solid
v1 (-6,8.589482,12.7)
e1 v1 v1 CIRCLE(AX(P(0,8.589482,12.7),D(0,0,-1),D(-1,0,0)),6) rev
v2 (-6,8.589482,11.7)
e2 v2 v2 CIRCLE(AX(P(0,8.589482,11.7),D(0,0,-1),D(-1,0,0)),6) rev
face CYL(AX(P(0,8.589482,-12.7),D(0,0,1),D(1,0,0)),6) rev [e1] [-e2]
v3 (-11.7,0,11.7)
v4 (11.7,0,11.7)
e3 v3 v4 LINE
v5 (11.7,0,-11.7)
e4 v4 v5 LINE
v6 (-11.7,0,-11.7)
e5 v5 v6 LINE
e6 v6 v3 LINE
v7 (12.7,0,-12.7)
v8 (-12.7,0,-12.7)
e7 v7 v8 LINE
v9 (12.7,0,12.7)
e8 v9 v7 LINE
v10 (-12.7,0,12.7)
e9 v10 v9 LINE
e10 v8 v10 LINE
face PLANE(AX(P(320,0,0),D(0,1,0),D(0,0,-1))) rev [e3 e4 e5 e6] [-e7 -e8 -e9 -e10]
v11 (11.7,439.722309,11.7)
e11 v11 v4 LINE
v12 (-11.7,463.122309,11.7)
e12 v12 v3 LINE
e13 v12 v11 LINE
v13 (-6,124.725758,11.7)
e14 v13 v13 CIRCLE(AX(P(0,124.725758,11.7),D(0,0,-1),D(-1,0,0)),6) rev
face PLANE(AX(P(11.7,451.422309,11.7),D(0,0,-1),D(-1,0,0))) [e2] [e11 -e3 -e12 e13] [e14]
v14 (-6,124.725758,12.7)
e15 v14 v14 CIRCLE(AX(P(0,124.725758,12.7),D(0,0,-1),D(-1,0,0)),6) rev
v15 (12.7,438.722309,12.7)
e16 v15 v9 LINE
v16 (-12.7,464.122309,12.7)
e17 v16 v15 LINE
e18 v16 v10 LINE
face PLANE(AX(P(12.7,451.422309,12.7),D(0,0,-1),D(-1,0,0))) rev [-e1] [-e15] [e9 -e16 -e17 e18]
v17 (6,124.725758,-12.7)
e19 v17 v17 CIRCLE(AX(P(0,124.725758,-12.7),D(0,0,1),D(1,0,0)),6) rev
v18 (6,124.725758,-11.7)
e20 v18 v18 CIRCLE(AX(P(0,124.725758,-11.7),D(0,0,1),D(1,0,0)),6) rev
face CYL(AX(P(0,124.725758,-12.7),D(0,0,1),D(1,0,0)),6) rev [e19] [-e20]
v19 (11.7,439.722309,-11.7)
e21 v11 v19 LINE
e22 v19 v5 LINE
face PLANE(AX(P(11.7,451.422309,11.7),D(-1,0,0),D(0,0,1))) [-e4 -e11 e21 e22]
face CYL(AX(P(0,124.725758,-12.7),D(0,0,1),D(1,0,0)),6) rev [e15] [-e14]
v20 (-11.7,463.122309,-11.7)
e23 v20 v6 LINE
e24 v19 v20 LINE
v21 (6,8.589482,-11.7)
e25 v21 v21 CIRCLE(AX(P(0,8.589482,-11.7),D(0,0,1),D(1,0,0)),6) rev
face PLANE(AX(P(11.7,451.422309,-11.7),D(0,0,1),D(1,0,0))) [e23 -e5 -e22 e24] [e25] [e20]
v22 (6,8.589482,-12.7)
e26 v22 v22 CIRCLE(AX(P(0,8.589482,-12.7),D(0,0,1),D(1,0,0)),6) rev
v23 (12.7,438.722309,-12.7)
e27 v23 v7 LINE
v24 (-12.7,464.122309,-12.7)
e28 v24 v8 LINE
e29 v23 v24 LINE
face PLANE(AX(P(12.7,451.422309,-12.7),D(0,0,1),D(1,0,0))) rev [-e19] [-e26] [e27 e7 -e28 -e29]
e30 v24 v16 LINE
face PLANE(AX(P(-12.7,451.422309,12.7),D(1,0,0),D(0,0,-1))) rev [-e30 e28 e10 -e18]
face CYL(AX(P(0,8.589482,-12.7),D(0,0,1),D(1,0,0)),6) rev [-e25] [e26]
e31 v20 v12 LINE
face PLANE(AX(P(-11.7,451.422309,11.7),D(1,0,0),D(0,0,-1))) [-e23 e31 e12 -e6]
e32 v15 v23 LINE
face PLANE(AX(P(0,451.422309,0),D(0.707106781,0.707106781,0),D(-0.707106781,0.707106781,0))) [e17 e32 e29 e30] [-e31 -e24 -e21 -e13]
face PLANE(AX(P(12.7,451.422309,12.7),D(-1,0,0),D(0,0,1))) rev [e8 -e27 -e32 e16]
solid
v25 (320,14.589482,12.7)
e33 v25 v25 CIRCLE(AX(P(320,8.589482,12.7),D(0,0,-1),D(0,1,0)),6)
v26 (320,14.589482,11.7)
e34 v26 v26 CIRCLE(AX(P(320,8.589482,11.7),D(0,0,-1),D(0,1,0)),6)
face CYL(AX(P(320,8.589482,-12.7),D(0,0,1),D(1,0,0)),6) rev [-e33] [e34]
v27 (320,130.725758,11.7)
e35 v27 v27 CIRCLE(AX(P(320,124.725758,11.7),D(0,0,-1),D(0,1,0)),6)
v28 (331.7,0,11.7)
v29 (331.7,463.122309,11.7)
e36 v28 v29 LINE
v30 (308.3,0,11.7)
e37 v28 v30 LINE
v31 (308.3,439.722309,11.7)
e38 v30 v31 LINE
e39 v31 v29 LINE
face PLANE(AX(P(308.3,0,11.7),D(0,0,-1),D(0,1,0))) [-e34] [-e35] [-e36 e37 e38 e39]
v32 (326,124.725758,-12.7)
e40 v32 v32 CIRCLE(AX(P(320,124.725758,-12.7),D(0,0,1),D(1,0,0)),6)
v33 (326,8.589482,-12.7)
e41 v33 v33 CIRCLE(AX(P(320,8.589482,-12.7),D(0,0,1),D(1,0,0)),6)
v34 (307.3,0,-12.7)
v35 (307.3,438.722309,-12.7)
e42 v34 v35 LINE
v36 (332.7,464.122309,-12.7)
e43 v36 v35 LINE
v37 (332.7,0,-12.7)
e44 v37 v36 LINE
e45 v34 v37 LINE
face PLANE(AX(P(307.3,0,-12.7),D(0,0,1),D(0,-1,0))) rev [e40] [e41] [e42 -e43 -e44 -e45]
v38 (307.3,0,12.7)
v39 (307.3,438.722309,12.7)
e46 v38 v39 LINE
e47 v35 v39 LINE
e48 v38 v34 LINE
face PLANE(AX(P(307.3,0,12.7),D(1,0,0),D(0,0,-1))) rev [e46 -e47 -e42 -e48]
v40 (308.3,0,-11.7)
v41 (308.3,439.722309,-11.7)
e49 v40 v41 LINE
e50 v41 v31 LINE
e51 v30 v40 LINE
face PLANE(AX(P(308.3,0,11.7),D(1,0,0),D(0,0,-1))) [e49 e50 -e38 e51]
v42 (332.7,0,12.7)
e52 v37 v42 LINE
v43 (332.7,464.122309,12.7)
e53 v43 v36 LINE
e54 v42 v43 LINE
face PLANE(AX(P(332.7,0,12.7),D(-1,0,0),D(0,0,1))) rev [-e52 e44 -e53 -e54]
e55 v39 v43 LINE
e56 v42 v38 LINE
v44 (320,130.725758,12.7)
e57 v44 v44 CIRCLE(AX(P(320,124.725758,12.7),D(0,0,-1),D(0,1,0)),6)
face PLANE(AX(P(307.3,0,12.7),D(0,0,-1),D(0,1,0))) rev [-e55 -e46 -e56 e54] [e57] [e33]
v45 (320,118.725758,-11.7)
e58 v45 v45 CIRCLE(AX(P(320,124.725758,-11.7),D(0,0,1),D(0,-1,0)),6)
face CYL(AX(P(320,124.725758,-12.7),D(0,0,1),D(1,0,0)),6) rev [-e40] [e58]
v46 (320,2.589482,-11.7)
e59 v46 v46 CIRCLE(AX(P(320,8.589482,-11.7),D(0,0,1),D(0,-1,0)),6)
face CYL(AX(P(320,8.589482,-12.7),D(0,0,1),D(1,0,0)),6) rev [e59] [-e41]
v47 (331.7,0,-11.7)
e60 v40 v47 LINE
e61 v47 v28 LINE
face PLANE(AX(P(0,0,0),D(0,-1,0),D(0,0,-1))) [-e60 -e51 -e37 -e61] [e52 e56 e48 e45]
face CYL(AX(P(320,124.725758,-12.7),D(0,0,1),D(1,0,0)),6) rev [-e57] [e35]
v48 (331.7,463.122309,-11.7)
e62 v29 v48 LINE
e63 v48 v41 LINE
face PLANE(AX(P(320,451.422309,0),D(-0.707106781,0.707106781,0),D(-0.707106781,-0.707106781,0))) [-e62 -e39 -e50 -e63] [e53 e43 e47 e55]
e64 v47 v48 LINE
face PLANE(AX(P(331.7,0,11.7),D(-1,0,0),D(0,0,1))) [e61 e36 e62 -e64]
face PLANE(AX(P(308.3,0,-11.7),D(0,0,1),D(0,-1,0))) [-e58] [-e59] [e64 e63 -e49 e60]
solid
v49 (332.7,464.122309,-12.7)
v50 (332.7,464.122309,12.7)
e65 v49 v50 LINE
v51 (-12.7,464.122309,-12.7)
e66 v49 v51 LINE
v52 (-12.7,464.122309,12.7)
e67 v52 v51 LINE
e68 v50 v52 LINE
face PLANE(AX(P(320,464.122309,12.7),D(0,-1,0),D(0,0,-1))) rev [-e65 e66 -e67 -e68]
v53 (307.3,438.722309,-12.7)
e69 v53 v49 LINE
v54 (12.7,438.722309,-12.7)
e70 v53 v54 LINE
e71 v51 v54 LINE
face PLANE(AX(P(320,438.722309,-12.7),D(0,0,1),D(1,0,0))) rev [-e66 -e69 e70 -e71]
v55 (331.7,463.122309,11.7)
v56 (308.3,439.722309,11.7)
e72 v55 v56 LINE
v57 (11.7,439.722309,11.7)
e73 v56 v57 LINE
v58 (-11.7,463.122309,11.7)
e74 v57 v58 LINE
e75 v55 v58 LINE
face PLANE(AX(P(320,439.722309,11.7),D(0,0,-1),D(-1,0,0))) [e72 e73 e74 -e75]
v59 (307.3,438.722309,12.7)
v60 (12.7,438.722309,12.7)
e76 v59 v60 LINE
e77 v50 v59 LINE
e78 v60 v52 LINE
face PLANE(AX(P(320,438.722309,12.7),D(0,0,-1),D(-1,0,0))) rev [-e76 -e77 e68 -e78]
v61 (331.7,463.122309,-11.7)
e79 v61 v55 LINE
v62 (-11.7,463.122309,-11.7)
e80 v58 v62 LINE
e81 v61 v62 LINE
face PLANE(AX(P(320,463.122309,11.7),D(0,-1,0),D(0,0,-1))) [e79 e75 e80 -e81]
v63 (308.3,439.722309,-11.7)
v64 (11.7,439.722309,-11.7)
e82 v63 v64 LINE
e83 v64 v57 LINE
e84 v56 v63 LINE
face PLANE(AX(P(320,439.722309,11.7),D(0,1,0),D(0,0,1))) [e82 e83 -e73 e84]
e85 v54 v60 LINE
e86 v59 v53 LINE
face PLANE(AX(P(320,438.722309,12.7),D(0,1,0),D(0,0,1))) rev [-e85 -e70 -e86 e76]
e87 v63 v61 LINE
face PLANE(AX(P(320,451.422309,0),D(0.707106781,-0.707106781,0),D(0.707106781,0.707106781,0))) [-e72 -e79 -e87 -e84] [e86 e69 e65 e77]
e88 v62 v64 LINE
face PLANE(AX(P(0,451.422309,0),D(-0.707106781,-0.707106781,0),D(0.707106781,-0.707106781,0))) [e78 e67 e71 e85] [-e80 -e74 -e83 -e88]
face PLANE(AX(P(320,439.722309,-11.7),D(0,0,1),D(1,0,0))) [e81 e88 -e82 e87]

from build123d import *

# Parameters (mm, degrees)
SKETCH1_ON_SEGMENT_1_W                   = 25.4
SKETCH1_ON_SEGMENT_1_H                   = 25.4
SKETCH1_ON_SEGMENT_1_W_2                 = 23.4
SKETCH1_ON_SEGMENT_1_H_2                 = 23.4
SQURE_TUBE_1X1SQUARE_TUBE_1_DEPTH        = 470.382821159
SKETCH1_ON_SEGMENT_2_W                   = 25.4
SKETCH1_ON_SEGMENT_2_H                   = 25.4
SKETCH1_ON_SEGMENT_2_W_2                 = 23.4
SKETCH1_ON_SEGMENT_2_H_2                 = 23.4
SQURE_TUBE_1X1SQUARE_TUBE_1_2_DEPTH      = 357.921024484
SQURE_TUBE_1X1SQUARE_TUBE_1_3_DEPTH      = 451.422308917
SQURE_TUBE_1X1SQUARE_TUBE_1_3_DEPTH_BACK = 18.960512242
SKETCH1_W                                = 25.4
SKETCH1_H                                = 25.4
SKETCH1_W_2                              = 23.4
SKETCH1_H_2                              = 23.4
CUT_EXTRUDE1_DEPTH                       = 572.615226909
CUT_EXTRUDE1_DEPTH_BACK                  = 572.615226909
SKETCH2_R                                = 6


with BuildPart() as part:
    # Sketch1 on segment 1 (carried to segment 1) → Squre tube 1X1SQUARE TUBE(1) (new body)
    with BuildSketch(Plane(origin=(0, 0, 0), x_dir=(-1, 0, 0), z_dir=(0, 1, 0))):
        Rectangle(SKETCH1_ON_SEGMENT_1_W, SKETCH1_ON_SEGMENT_1_H)
        Rectangle(SKETCH1_ON_SEGMENT_1_W_2, SKETCH1_ON_SEGMENT_1_H_2, mode=Mode.SUBTRACT)
    extrude(amount=SQURE_TUBE_1X1SQUARE_TUBE_1_DEPTH)

    # Squre tube 1X1SQUARE TUBE(1) mitre 1
    split(bisect_by=Plane(origin=(0, 451.422308917, 0), x_dir=(0.707106781, -0.707106781, 0), z_dir=(-0.707106781, -0.707106781, 0)), keep=Keep.TOP)


with BuildPart() as body_2:
    # Sketch1 on segment 2 (carried to segment 2) → Squre tube 1X1SQUARE TUBE_1 2 (new body)
    with BuildSketch(Plane(origin=(-18.960512242, 451.422308917, 0), x_dir=(0, 1, 0), z_dir=(1, 0, 0))):
        Rectangle(SKETCH1_ON_SEGMENT_2_W, SKETCH1_ON_SEGMENT_2_H)
        Rectangle(SKETCH1_ON_SEGMENT_2_W_2, SKETCH1_ON_SEGMENT_2_H_2, mode=Mode.SUBTRACT)
    extrude(amount=SQURE_TUBE_1X1SQUARE_TUBE_1_2_DEPTH)

    # Squre tube 1X1SQUARE TUBE_1 2 mitre 1
    split(bisect_by=Plane(origin=(0, 451.422308917, 0), x_dir=(-0.707106781, 0.707106781, 0), z_dir=(0.707106781, 0.707106781, 0)), keep=Keep.TOP)

    # Squre tube 1X1SQUARE TUBE_1 2 mitre 2
    split(bisect_by=Plane(origin=(320, 451.422308917, 0), x_dir=(-0.707106781, -0.707106781, 0), z_dir=(-0.707106781, 0.707106781, 0)), keep=Keep.TOP)


with BuildPart() as body_3:
    # Sketch1 → Squre tube 1X1SQUARE TUBE_1 3 (new, two sides: drawn at the far end of the back side and taken through both)
    with BuildSketch(Plane(origin=(320, 451.422308917, 0), x_dir=(1, 0, 0), z_dir=(0, -1, 0)).offset(-SQURE_TUBE_1X1SQUARE_TUBE_1_3_DEPTH_BACK)):
        Rectangle(SKETCH1_W, SKETCH1_H)
        Rectangle(SKETCH1_W_2, SKETCH1_H_2, mode=Mode.SUBTRACT)
    extrude(amount=SQURE_TUBE_1X1SQUARE_TUBE_1_3_DEPTH + SQURE_TUBE_1X1SQUARE_TUBE_1_3_DEPTH_BACK)

    # Squre tube 1X1SQUARE TUBE_1 3 mitre 1
    split(bisect_by=Plane(origin=(320, 451.422308917, 0), x_dir=(0.707106781, 0.707106781, 0), z_dir=(0.707106781, -0.707106781, 0)), keep=Keep.TOP)


with BuildPart() as cut_extrude1_tool:
    # Sketch2 → Cut-Extrude1 (new, two sides: drawn at the far end of the back side and taken through both)
    with BuildSketch(Plane.XY.offset(12.7).offset(-CUT_EXTRUDE1_DEPTH_BACK)):
        with Locations((320, 124.72575792)):
            Circle(SKETCH2_R)
        with Locations((320, 8.589481736)):
            Circle(SKETCH2_R)
        with Locations((0, 8.589481736)):
            Circle(SKETCH2_R)
        with Locations((0, 124.72575792)):
            Circle(SKETCH2_R)
    extrude(amount=CUT_EXTRUDE1_DEPTH + CUT_EXTRUDE1_DEPTH_BACK)


with BuildPart() as part_1:
    add(part.part)

    # Cut-Extrude1: cut by cut_extrude1_tool
    add(cut_extrude1_tool.part, mode=Mode.SUBTRACT)


with BuildPart() as body_3_1:
    add(body_3.part)

    # Cut-Extrude1: cut by cut_extrude1_tool
    add(cut_extrude1_tool.part, mode=Mode.SUBTRACT)


solid = Compound([body_2.part, part_1.part, body_3_1.part])
